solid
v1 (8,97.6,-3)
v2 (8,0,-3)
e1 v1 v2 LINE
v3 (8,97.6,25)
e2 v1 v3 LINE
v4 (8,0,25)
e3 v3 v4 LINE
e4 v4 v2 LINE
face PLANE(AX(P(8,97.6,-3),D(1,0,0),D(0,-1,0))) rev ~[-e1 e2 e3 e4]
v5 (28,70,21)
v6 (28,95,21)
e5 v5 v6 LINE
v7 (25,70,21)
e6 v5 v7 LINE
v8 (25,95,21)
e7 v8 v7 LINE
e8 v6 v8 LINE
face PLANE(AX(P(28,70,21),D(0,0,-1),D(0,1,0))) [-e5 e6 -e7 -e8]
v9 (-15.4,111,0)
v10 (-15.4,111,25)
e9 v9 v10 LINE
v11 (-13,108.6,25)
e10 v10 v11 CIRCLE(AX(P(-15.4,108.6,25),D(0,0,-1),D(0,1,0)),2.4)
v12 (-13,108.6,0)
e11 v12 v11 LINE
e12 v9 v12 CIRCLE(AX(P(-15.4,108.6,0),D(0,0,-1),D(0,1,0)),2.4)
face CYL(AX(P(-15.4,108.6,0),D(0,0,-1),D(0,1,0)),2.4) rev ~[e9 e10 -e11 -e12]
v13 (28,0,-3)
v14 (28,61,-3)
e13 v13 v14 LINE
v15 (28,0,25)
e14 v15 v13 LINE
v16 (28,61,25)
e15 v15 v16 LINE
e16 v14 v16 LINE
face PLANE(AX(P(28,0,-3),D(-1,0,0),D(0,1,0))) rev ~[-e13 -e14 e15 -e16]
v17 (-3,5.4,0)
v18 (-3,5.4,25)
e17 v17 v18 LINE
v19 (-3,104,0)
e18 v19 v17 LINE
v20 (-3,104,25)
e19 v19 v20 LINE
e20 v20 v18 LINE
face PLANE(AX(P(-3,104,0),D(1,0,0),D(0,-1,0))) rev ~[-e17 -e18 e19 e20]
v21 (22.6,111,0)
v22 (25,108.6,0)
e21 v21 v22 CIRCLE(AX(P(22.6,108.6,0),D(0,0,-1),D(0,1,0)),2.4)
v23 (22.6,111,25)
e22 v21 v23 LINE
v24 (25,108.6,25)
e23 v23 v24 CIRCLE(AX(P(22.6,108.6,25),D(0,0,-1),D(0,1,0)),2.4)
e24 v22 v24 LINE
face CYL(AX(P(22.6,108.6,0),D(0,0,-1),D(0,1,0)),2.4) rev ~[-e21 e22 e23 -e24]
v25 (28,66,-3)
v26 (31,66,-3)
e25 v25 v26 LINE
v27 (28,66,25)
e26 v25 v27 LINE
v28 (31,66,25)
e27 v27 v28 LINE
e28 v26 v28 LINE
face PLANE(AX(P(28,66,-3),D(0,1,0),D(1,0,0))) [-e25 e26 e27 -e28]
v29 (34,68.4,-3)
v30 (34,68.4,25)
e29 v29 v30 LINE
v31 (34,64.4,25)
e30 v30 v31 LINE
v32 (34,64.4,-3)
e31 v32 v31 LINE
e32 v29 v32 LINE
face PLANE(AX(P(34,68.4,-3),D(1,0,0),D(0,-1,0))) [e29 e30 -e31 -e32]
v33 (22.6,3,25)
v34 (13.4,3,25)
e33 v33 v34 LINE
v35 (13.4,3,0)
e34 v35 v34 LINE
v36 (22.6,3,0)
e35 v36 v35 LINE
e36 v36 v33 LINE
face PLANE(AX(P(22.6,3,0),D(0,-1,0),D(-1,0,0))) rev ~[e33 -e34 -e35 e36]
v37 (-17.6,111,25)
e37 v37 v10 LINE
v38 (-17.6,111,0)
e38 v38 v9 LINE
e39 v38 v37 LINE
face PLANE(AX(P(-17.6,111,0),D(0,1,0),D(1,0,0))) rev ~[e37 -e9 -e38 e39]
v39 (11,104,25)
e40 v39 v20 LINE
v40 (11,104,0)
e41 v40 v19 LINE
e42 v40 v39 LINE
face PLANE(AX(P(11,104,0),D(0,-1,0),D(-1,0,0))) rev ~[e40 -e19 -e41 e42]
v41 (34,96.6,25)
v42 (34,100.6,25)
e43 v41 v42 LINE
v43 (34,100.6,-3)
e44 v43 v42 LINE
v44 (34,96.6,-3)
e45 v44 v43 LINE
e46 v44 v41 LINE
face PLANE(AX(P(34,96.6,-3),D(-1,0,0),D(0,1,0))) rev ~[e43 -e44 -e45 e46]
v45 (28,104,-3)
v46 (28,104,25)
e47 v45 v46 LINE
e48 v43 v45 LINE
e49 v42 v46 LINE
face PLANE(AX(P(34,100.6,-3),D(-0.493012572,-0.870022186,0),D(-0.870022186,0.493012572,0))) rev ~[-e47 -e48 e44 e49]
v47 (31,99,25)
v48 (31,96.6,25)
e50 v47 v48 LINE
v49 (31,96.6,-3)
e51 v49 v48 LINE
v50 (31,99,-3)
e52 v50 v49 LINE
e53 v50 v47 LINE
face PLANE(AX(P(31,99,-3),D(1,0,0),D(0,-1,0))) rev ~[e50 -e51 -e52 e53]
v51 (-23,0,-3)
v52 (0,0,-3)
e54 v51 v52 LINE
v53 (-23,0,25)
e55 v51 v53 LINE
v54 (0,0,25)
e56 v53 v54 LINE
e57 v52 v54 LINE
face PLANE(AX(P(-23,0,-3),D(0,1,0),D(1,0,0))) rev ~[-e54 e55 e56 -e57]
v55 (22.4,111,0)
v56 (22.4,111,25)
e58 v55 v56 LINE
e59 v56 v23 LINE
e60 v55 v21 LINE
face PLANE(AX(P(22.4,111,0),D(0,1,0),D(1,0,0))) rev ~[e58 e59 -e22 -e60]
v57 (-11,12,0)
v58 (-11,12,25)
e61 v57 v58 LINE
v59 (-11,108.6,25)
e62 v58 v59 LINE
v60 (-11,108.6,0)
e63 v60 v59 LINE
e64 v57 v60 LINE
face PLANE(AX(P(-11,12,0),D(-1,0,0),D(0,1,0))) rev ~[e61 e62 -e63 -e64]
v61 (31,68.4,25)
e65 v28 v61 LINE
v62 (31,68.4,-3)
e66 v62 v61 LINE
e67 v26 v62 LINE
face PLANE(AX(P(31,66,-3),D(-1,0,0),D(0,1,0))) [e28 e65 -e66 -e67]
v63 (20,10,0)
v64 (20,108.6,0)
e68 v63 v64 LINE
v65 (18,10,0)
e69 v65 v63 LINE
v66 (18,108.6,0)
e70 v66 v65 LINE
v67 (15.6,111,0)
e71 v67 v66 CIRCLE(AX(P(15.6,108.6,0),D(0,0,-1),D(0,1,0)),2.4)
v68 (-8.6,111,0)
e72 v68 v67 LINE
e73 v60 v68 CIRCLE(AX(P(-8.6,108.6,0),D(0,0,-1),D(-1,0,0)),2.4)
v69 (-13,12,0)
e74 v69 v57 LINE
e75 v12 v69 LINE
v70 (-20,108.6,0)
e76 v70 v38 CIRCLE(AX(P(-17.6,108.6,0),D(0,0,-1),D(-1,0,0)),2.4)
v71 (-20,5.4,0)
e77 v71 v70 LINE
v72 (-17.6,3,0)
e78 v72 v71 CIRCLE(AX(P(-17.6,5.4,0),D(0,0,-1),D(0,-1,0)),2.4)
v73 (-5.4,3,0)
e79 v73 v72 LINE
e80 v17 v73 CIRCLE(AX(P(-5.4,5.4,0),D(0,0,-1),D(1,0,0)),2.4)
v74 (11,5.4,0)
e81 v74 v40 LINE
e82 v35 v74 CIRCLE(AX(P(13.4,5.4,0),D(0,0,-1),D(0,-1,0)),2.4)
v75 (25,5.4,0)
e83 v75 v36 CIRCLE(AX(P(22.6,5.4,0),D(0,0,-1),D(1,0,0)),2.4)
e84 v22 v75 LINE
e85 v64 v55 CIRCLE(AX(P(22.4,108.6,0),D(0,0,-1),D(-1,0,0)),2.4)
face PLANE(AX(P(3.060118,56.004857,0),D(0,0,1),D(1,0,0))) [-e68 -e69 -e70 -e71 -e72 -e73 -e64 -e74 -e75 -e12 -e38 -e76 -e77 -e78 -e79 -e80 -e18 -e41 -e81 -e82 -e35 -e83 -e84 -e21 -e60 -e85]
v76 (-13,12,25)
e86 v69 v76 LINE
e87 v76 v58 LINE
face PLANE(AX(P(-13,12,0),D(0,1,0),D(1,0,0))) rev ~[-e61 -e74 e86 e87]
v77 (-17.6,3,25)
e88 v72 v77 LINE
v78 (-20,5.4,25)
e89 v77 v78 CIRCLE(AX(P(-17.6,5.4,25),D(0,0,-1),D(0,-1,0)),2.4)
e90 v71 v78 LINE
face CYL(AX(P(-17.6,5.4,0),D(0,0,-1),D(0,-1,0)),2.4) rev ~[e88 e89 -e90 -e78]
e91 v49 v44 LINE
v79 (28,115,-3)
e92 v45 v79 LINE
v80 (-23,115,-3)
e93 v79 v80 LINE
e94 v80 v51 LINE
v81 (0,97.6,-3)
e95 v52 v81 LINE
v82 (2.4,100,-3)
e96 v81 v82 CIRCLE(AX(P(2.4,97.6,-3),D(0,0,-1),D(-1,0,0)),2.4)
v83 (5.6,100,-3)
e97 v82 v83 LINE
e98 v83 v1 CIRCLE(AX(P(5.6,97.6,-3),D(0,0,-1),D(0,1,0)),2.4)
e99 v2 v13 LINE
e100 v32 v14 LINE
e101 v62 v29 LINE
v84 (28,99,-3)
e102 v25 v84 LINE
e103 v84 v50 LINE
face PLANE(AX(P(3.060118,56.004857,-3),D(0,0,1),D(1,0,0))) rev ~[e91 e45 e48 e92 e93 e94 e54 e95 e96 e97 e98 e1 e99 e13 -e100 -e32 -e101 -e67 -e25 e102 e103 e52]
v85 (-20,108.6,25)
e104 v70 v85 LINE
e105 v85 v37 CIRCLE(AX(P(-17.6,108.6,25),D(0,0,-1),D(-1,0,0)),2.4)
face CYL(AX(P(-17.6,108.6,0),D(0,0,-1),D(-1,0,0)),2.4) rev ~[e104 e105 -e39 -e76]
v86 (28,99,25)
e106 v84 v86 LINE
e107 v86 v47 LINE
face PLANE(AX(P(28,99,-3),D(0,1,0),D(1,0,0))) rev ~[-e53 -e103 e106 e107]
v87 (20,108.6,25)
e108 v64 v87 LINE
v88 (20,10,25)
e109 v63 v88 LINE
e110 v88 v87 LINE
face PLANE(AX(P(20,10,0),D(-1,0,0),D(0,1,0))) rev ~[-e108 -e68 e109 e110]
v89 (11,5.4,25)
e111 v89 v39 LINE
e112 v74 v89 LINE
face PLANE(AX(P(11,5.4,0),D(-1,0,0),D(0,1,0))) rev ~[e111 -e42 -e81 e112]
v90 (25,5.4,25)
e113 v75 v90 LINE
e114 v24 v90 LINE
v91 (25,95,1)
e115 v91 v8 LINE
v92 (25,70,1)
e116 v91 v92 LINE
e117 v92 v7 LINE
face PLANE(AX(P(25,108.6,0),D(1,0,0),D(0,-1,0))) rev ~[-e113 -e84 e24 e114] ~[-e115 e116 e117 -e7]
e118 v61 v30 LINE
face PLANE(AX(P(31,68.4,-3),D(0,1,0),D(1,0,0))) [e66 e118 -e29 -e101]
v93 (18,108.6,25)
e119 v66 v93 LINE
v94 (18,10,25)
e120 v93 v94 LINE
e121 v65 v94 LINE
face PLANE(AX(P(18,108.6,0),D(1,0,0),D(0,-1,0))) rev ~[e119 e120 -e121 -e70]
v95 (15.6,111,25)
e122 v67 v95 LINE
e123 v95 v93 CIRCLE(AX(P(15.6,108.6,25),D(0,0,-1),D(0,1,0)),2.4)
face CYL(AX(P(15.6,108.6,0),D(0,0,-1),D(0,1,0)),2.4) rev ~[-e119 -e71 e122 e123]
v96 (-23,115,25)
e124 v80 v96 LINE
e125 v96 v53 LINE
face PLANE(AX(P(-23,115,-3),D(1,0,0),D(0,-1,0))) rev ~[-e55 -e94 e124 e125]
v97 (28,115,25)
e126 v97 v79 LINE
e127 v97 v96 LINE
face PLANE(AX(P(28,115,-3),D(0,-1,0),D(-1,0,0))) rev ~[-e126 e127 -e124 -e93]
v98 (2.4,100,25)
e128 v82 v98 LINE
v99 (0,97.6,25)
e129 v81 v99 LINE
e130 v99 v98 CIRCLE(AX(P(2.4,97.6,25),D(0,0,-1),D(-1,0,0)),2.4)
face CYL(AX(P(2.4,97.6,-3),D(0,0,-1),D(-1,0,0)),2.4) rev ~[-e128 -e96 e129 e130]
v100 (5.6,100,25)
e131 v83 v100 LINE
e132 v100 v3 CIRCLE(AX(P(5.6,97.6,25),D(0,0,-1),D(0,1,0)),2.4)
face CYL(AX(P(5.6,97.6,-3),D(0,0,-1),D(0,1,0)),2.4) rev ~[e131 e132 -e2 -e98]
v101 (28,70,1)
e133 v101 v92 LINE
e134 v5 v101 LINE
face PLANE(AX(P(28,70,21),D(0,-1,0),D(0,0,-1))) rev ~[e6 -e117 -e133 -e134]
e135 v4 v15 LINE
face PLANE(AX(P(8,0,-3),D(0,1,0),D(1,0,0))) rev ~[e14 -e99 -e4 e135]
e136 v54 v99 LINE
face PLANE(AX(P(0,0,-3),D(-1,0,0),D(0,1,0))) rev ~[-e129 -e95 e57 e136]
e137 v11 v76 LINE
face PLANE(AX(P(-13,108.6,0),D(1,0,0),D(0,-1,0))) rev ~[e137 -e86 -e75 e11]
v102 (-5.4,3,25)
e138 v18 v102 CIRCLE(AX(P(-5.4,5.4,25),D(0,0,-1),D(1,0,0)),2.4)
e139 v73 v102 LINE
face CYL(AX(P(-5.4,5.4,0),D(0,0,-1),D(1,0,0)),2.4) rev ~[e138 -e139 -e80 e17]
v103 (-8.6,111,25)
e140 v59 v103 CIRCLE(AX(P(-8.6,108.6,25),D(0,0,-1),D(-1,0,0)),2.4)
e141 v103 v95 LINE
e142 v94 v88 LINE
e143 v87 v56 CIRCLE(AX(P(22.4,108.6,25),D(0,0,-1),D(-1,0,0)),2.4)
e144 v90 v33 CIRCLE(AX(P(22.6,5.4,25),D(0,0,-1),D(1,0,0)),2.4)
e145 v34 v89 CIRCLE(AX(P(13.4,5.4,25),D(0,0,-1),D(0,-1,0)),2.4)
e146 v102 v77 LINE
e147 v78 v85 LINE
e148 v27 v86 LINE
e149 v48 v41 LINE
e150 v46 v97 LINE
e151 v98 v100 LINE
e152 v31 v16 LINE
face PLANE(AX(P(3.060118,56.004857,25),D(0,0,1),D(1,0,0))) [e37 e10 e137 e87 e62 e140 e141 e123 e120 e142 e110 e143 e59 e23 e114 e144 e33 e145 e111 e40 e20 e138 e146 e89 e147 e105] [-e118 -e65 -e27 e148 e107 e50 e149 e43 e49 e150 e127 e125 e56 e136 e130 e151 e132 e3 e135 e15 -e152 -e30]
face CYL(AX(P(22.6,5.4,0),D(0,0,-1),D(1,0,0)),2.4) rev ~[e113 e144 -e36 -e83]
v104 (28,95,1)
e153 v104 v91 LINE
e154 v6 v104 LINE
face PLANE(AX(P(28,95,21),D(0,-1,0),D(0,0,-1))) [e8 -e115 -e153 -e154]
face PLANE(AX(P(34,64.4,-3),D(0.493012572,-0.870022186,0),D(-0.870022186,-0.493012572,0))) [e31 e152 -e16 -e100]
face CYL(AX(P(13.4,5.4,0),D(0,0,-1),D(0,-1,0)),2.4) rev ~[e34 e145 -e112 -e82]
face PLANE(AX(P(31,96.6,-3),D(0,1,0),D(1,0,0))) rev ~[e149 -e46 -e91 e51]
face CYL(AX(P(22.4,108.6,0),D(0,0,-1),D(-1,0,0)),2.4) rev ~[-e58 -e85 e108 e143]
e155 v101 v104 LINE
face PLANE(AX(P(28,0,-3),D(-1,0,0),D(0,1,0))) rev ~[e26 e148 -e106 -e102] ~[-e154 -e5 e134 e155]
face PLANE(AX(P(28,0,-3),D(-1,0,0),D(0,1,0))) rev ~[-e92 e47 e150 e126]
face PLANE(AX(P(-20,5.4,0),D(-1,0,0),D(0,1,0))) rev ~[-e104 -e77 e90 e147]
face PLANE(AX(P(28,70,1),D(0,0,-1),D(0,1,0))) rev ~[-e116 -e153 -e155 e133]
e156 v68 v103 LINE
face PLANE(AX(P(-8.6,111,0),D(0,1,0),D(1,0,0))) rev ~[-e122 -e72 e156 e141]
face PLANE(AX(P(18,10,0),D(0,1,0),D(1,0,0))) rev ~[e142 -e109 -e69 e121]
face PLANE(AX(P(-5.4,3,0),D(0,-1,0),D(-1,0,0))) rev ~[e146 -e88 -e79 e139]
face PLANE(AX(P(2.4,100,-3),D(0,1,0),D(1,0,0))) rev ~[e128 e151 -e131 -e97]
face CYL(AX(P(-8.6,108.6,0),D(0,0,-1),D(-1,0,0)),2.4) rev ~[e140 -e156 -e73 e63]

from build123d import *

# Parameters (mm, degrees)
BOSS_EXTRUDE1_DEPTH = 25
BOSS_EXTRUDE2_START = -3
BOSS_EXTRUDE2_DEPTH = 3
CUT_EXTRUDE1_REACH  = 130.261
SKETCH3_W           = 20
SKETCH3_H           = 25
BOSS_EXTRUDE3_DEPTH = 28


with BuildPart() as part:
    # Sketch1 → Boss-Extrude1 (new body)
    with BuildSketch(Plane.XY):
        with BuildLine():
            Line((0, 0), (0, 97.6))
            ThreePointArc((0, 97.6), (0.702943725, 99.297056275), (2.4, 100))
            Line((2.4, 100), (5.6, 100))
            ThreePointArc((5.6, 100), (7.297056275, 99.297056275), (8, 97.6))
            Line((8, 97.6), (8, 0))
            Line((8, 0), (28, 0))
            Line((28, 0), (28, 115))
            Line((28, 115), (18, 115))
            Line((18, 115), (-10, 115))
            Line((-10, 115), (-23, 115))
            Line((-23, 115), (-23, 0))
            Line((-23, 0), (0, 0))
        make_face()
        with BuildLine():
            Line((18, 108.6), (18, 10))
            Line((18, 10), (20, 10))
            Line((20, 10), (20, 108.6))
            ThreePointArc((20, 108.6), (20.702943725, 110.297056275), (22.4, 111))
            Line((22.4, 111), (22.6, 111))
            ThreePointArc((22.6, 111), (24.297056275, 110.297056275), (25, 108.6))
            Line((25, 108.6), (25, 5.4))
            ThreePointArc((25, 5.4), (24.297056275, 3.702943725), (22.6, 3))
            Line((22.6, 3), (13.4, 3))
            ThreePointArc((13.4, 3), (11.702943725, 3.702943725), (11, 5.4))
            Line((11, 5.4), (11, 104))
            Line((11, 104), (-3, 104))
            Line((-3, 104), (-3, 5.4))
            ThreePointArc((-3, 5.4), (-3.702943725, 3.702943725), (-5.4, 3))
            Line((-5.4, 3), (-17.6, 3))
            ThreePointArc((-17.6, 3), (-19.297056275, 3.702943725), (-20, 5.4))
            Line((-20, 5.4), (-20, 108.6))
            ThreePointArc((-20, 108.6), (-19.297056275, 110.297056275), (-17.6, 111))
            Line((-17.6, 111), (-15.4, 111))
            ThreePointArc((-15.4, 111), (-13.702943725, 110.297056275), (-13, 108.6))
            Line((-13, 108.6), (-13, 12))
            Line((-13, 12), (-11, 12))
            Line((-11, 12), (-11, 108.6))
            ThreePointArc((-11, 108.6), (-10.297056275, 110.297056275), (-8.6, 111))
            Line((-8.6, 111), (15.6, 111))
            ThreePointArc((15.6, 111), (17.297056275, 110.297056275), (18, 108.6))
        make_face(mode=Mode.SUBTRACT)
    extrude(amount=BOSS_EXTRUDE1_DEPTH)

    # Sketch2 → Boss-Extrude2 (add)
    with BuildSketch(Plane.XY.offset(BOSS_EXTRUDE2_START)):
        with BuildLine():
            Line((28, 115), (-23, 115))
            Line((-23, 115), (-23, 0))
            Line((-23, 0), (0, 0))
            Line((0, 0), (0, 97.6))
            ThreePointArc((0, 97.6), (0.702943725, 99.297056275), (2.4, 100))
            Line((2.4, 100), (5.6, 100))
            ThreePointArc((5.6, 100), (7.297056275, 99.297056275), (8, 97.6))
            Line((8, 97.6), (8, 0))
            Line((8, 0), (28, 0))
            Line((28, 0), (28, 115))
        make_face()
    extrude(amount=BOSS_EXTRUDE2_DEPTH)

    # Sketch3 → Cut-Extrude1 (cut, up to next)
    with BuildSketch(Plane(origin=(28, 0, 0), x_dir=(0, 0, -1), z_dir=(1, 0, 0)), mode=Mode.PRIVATE) as cut_extrude1_sk1:
        with Locations((-11, 82.5)):
            Rectangle(SKETCH3_W, SKETCH3_H)
    cut_extrude1_tool1 = extrude(cut_extrude1_sk1.sketch, amount=-CUT_EXTRUDE1_REACH, mode=Mode.PRIVATE) & part.part
    add(cut_extrude1_tool1.solids().sort_by_distance((28, 82.5, 11))[0], mode=Mode.SUBTRACT)

    # Sketch4 → Boss-Extrude3 (add)
    with BuildSketch(Plane(origin=(0, 0, -3), x_dir=(-1, 0, 0), z_dir=(0, 0, -1))):
        Polygon((-28, 99), (-31, 99), (-31, 96.6), (-34, 96.6), (-34, 100.6), (-28, 104), align=None)
        Polygon((-28, 61), (-28, 66), (-31, 66), (-31, 68.4), (-34, 68.4), (-34, 64.4), align=None)
    extrude(amount=-BOSS_EXTRUDE3_DEPTH)


solid = part.part
